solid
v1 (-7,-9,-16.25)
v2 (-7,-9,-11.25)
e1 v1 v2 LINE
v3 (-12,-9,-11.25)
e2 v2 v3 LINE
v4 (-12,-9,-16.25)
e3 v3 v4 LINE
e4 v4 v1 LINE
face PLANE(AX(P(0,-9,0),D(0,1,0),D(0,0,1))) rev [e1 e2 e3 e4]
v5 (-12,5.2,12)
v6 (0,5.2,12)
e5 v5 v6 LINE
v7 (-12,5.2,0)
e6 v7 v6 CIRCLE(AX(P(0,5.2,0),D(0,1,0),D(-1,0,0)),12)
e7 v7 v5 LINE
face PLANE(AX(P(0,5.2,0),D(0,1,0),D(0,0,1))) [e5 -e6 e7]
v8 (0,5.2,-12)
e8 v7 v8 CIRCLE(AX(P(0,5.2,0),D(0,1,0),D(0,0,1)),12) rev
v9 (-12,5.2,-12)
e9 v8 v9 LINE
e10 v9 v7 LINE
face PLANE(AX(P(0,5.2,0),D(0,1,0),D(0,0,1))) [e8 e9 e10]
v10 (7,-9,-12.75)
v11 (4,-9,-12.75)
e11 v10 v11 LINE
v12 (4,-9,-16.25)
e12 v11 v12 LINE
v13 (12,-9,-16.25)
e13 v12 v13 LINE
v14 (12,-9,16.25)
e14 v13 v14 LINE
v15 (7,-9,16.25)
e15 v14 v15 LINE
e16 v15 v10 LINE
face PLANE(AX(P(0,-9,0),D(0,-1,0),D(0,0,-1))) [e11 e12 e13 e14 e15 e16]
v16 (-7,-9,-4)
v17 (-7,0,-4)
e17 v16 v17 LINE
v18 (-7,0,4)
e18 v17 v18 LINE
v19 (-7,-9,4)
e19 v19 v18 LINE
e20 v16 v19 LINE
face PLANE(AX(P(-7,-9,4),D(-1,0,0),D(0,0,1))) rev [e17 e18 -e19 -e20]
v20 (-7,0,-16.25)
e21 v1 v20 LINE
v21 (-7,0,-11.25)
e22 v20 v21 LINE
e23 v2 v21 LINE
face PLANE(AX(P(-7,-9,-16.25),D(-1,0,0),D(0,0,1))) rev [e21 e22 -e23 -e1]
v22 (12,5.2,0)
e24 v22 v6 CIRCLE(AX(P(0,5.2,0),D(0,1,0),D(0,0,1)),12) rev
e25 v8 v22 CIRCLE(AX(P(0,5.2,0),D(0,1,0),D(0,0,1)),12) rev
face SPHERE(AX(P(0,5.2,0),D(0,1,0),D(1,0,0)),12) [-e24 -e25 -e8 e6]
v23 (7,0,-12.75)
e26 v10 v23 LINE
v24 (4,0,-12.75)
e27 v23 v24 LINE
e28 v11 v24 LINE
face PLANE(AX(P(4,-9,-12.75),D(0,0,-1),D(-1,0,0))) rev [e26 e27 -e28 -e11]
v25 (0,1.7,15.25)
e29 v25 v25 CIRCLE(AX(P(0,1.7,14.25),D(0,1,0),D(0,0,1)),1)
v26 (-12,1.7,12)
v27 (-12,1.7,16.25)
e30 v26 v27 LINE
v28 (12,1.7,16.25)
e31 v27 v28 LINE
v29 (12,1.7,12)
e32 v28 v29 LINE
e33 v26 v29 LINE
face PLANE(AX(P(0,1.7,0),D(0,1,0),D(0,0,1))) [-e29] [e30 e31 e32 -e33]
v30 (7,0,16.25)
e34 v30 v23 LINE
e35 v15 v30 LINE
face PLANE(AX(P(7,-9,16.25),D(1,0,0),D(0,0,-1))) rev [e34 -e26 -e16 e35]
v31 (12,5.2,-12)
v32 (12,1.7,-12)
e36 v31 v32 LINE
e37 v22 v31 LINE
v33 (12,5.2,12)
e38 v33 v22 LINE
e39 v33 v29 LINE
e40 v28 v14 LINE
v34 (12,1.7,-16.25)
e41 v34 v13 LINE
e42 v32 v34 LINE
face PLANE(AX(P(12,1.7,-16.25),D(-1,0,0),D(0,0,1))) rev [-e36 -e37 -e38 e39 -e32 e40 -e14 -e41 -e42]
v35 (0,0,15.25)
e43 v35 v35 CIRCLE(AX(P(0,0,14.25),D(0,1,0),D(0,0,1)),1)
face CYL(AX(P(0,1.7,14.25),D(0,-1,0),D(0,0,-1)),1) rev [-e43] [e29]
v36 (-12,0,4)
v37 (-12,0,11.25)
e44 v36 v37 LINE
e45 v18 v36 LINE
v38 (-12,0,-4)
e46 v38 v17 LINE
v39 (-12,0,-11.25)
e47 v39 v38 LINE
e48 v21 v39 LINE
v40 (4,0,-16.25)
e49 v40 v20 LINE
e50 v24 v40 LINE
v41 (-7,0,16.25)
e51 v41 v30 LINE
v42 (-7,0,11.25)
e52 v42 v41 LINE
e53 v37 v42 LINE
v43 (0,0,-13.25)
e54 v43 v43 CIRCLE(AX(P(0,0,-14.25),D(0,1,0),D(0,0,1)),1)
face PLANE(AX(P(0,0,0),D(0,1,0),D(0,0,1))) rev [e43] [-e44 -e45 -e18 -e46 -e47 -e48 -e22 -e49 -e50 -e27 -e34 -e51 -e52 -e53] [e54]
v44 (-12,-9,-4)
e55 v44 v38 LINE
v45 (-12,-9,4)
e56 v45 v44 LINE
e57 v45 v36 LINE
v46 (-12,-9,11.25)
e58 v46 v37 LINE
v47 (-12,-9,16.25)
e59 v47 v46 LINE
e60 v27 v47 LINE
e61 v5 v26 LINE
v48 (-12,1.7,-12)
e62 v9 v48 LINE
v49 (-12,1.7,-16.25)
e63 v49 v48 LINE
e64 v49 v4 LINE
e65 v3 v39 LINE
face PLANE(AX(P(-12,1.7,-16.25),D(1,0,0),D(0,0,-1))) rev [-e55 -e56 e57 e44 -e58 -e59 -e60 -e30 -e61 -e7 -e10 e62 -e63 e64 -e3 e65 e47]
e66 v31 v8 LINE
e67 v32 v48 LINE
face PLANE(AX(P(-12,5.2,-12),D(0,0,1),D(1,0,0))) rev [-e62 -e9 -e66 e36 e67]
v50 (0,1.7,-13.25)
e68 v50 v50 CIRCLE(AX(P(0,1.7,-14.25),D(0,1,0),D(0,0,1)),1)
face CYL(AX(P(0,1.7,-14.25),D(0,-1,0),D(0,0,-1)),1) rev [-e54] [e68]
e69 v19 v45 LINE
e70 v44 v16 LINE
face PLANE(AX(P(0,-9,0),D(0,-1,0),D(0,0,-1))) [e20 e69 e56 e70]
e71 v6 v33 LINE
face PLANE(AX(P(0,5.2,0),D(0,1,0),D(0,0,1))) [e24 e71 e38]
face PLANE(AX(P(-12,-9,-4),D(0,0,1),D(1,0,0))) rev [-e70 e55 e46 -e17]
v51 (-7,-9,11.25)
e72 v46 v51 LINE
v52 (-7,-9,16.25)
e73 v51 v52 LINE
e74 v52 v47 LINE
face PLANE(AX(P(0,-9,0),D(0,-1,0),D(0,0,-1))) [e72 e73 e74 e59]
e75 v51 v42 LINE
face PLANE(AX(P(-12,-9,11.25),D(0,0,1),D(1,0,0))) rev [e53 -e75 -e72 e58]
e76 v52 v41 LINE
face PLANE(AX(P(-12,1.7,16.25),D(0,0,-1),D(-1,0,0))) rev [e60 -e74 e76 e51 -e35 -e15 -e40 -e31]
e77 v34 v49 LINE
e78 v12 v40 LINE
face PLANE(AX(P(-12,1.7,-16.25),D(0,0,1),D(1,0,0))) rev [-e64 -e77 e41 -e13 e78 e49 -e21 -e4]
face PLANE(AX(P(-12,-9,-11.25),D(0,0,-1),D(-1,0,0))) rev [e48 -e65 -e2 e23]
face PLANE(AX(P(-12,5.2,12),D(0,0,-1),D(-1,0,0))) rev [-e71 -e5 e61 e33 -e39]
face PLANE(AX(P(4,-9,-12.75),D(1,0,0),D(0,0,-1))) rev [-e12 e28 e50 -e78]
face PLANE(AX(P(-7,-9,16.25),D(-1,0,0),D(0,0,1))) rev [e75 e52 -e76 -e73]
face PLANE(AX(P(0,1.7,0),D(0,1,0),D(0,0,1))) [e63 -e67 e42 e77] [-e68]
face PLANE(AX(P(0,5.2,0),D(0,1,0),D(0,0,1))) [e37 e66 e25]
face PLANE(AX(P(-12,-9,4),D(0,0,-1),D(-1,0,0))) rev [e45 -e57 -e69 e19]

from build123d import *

# Parameters (mm, degrees)
SKETCH1_W           = 24
SKETCH1_H           = 32.5
SKETCH1_R           = 1
BOSS_EXTRUDE1_DEPTH = 1.7
SKETCH2_W           = 24
SKETCH2_H           = 24
BOSS_EXTRUDE2_DEPTH = 3.5
SKETCH4_W           = 5
SKETCH4_H           = 5
SKETCH4_H_2         = 8
BOSS_EXTRUDE3_DEPTH = 9


with BuildPart() as part:
    # Sketch1 → Boss-Extrude1 (new body)
    with BuildSketch(Plane(origin=(0, 0, 0), x_dir=(1, 0, 0), z_dir=(0, 1, 0))):
        Rectangle(SKETCH1_W, SKETCH1_H)
        with Locations(Location((0, 14.25, 0), (0, 0, 270))):
            Circle(SKETCH1_R, mode=Mode.SUBTRACT)
        with Locations(Location((0, -14.25, 0), (0, 0, 270))):
            Circle(SKETCH1_R, mode=Mode.SUBTRACT)
    extrude(amount=BOSS_EXTRUDE1_DEPTH)

    # Sketch2 → Boss-Extrude2 (add)
    with BuildSketch(Plane(origin=(0, 1.7, 0), x_dir=(1, 0, 0), z_dir=(0, 1, 0))):
        Rectangle(SKETCH2_W, SKETCH2_H)
    extrude(amount=BOSS_EXTRUDE2_DEPTH)

    # Sketch3 → Revolve1 (revolve)
    with BuildSketch(Plane.XY):
        with BuildLine():
            Line((0, 17.2), (0, 5.2))
            Line((0, 5.2), (12, 5.2))
            ThreePointArc((12, 5.2), (8.485281374, 13.685281374), (0, 17.2))
        make_face()
    revolve(axis=Axis((0, 17.2, 0), (0, -1, 0)))

    # Sketch4 → Boss-Extrude3 (add)
    with BuildSketch(Plane.XZ):
        Polygon((7, 16.25), (12, 16.25), (12, -16.25), (4, -16.25), (4, -12.75), (7, -12.75), align=None)
        with Locations((-9.5, 13.75)):
            Rectangle(SKETCH4_W, SKETCH4_H)
        with Locations((-9.5, -13.75)):
            Rectangle(SKETCH4_W, SKETCH4_H)
        with Locations((-9.5, 0)):
            Rectangle(SKETCH4_W, SKETCH4_H_2)
    extrude(amount=BOSS_EXTRUDE3_DEPTH)


solid = part.part
